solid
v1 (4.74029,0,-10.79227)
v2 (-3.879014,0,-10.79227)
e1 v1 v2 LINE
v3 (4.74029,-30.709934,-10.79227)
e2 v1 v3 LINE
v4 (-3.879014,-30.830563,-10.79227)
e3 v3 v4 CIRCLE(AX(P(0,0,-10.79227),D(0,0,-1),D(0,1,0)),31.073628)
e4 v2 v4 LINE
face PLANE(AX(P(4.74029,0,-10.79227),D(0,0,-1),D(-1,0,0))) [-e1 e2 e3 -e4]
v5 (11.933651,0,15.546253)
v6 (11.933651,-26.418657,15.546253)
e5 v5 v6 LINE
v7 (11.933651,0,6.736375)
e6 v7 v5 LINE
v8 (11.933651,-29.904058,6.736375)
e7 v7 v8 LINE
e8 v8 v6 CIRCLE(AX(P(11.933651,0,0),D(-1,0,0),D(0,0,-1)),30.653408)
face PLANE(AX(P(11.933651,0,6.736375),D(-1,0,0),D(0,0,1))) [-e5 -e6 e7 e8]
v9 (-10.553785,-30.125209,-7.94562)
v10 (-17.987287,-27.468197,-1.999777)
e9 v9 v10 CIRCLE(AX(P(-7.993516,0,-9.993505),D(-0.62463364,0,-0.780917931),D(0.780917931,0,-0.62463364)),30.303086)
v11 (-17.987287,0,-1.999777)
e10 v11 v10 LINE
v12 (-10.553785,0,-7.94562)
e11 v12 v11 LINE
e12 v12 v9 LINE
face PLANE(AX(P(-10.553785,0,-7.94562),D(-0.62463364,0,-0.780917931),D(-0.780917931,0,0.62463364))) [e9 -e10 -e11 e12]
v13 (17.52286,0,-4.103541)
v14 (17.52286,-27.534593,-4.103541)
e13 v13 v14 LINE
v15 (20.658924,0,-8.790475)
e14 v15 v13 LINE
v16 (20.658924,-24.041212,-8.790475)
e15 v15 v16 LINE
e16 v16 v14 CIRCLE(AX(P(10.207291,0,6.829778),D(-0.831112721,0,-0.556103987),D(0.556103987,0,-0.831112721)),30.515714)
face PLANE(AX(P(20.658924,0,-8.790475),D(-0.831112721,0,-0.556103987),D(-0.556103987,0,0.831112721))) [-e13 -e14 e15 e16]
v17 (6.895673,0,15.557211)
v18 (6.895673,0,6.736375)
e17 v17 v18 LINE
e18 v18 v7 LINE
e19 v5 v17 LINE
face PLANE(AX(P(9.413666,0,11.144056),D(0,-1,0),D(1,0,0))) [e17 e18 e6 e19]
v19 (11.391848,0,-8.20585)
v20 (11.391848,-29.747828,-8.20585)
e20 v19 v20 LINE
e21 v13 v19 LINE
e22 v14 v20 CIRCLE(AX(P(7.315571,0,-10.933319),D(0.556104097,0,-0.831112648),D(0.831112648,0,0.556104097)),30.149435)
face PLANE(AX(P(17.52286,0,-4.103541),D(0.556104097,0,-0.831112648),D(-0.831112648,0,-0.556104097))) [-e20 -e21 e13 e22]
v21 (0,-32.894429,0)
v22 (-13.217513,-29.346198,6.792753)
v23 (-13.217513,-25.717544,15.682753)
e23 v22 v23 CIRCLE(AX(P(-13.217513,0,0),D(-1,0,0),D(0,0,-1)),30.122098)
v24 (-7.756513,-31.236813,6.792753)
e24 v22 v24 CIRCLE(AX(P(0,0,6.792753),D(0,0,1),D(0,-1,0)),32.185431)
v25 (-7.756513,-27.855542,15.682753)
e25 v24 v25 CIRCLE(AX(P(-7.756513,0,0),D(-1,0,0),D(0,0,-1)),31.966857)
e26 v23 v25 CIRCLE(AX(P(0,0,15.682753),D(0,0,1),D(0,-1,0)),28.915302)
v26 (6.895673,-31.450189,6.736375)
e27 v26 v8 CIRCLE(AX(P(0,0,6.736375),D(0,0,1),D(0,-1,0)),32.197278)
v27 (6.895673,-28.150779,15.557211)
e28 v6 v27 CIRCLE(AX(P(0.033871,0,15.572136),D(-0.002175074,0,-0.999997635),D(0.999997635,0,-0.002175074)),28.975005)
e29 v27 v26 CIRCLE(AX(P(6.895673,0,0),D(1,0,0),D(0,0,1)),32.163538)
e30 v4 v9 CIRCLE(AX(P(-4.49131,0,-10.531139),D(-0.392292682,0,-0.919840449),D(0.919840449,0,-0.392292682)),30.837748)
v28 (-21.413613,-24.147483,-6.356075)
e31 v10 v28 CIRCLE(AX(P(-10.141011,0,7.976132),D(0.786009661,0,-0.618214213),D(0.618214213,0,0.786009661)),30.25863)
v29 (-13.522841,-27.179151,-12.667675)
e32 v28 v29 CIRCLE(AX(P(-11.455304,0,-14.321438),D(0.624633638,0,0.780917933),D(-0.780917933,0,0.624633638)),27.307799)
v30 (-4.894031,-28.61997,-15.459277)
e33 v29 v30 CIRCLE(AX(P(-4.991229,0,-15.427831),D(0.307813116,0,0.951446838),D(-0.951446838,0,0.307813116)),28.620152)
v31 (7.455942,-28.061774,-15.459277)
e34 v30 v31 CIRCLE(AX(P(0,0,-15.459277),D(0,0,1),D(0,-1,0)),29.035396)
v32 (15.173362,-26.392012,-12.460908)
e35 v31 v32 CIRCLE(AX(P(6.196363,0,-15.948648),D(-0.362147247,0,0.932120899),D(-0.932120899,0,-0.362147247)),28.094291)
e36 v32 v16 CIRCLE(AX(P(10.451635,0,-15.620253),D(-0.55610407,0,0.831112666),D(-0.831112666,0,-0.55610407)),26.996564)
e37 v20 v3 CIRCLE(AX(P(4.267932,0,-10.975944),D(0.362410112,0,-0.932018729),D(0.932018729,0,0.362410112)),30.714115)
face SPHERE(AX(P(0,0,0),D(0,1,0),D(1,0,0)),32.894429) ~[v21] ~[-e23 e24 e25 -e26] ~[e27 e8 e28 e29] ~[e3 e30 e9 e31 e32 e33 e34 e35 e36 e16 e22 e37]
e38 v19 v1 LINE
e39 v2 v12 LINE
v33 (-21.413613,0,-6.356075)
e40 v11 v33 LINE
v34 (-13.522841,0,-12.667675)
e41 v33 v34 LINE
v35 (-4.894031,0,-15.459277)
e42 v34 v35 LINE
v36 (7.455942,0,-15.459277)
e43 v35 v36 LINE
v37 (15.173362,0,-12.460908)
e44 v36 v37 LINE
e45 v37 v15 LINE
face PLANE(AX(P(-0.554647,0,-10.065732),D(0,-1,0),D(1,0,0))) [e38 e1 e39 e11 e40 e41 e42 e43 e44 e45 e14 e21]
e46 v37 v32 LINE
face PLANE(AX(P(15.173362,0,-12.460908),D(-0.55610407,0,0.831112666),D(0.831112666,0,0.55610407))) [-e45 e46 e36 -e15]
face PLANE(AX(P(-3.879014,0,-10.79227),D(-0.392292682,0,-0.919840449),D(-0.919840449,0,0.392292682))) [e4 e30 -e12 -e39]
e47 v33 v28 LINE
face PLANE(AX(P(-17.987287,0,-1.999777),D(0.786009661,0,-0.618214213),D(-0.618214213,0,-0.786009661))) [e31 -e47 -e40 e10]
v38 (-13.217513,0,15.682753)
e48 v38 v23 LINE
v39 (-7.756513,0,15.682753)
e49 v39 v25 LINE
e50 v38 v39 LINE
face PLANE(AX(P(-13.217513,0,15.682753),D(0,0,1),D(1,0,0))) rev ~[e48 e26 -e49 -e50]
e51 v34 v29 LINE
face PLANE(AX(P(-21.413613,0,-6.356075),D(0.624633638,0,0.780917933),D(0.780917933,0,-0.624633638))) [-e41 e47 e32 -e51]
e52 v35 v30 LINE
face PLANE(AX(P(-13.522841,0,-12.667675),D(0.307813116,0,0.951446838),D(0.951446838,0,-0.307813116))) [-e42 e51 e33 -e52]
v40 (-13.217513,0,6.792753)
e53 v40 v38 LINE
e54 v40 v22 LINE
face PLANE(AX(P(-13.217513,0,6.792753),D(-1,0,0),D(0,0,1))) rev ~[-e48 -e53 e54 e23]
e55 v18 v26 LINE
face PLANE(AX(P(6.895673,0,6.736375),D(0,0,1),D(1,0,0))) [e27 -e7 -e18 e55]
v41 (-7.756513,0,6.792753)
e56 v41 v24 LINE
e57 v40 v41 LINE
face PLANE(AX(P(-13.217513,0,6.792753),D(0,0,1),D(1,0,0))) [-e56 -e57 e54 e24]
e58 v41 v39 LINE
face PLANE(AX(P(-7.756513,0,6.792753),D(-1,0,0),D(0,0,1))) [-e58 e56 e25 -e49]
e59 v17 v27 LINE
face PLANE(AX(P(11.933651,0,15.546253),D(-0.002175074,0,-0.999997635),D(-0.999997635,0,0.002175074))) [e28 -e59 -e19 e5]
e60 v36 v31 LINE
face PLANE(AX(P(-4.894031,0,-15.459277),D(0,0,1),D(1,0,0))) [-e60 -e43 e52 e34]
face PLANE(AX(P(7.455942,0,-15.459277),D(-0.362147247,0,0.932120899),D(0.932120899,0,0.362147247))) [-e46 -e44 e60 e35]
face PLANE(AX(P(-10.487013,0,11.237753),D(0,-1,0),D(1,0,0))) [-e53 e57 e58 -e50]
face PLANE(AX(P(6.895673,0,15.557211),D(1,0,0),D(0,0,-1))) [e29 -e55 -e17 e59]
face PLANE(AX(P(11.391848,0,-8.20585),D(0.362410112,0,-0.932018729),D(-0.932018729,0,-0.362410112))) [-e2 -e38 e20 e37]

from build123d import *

# Parameters (mm, degrees)
F2_W     = 5.461
F2_H     = 8.89
F3_DEPTH = 32.895429
F5_DEPTH = 32.895429
F7_DEPTH = 32.895429


with BuildPart() as f1:
    # F0 (on Top) → F1 (revolve)
    with BuildSketch(Plane.XY):
        with BuildLine():
            Line((0, 32.894429), (0, -32.894429))
            ThreePointArc((0, -32.894429), (32.894429, 0), (0, 32.894429))
        make_face()
    revolve(axis=Axis((0, 0, 0), (0, -1, 0)))

    # F2 (on Front) → F3 (cut, through all)
    with BuildSketch(Plane.XZ):
        with Locations((-10.487013, 11.237753)):
            Rectangle(F2_W, F2_H)
    extrude(amount=F3_DEPTH, mode=Mode.SUBTRACT)

    # F4 (on Front) → F5 (cut, through all)
    with BuildSketch(Plane.XZ):
        Polygon((11.933651, 15.546253), (6.895673, 15.557211), (6.895673, 6.736375), (11.933651, 6.736375), align=None)
    extrude(amount=F5_DEPTH, mode=Mode.SUBTRACT)

    # F6 (on Front) → F7 (cut, through all)
    with BuildSketch(Plane.XZ):
        Polygon((-10.553785, -7.94562), (-17.987287, -1.999777), (-21.413613, -6.356075), (-13.522841, -12.667675), (-4.894031, -15.459277), (7.455942, -15.459277), (15.173362, -12.460908), (20.658924, -8.790475), (17.52286, -4.103541), (11.391848, -8.20585), (4.74029, -10.79227), (-3.879014, -10.79227), align=None)
    extrude(amount=F7_DEPTH, mode=Mode.SUBTRACT)


solid = f1.part
